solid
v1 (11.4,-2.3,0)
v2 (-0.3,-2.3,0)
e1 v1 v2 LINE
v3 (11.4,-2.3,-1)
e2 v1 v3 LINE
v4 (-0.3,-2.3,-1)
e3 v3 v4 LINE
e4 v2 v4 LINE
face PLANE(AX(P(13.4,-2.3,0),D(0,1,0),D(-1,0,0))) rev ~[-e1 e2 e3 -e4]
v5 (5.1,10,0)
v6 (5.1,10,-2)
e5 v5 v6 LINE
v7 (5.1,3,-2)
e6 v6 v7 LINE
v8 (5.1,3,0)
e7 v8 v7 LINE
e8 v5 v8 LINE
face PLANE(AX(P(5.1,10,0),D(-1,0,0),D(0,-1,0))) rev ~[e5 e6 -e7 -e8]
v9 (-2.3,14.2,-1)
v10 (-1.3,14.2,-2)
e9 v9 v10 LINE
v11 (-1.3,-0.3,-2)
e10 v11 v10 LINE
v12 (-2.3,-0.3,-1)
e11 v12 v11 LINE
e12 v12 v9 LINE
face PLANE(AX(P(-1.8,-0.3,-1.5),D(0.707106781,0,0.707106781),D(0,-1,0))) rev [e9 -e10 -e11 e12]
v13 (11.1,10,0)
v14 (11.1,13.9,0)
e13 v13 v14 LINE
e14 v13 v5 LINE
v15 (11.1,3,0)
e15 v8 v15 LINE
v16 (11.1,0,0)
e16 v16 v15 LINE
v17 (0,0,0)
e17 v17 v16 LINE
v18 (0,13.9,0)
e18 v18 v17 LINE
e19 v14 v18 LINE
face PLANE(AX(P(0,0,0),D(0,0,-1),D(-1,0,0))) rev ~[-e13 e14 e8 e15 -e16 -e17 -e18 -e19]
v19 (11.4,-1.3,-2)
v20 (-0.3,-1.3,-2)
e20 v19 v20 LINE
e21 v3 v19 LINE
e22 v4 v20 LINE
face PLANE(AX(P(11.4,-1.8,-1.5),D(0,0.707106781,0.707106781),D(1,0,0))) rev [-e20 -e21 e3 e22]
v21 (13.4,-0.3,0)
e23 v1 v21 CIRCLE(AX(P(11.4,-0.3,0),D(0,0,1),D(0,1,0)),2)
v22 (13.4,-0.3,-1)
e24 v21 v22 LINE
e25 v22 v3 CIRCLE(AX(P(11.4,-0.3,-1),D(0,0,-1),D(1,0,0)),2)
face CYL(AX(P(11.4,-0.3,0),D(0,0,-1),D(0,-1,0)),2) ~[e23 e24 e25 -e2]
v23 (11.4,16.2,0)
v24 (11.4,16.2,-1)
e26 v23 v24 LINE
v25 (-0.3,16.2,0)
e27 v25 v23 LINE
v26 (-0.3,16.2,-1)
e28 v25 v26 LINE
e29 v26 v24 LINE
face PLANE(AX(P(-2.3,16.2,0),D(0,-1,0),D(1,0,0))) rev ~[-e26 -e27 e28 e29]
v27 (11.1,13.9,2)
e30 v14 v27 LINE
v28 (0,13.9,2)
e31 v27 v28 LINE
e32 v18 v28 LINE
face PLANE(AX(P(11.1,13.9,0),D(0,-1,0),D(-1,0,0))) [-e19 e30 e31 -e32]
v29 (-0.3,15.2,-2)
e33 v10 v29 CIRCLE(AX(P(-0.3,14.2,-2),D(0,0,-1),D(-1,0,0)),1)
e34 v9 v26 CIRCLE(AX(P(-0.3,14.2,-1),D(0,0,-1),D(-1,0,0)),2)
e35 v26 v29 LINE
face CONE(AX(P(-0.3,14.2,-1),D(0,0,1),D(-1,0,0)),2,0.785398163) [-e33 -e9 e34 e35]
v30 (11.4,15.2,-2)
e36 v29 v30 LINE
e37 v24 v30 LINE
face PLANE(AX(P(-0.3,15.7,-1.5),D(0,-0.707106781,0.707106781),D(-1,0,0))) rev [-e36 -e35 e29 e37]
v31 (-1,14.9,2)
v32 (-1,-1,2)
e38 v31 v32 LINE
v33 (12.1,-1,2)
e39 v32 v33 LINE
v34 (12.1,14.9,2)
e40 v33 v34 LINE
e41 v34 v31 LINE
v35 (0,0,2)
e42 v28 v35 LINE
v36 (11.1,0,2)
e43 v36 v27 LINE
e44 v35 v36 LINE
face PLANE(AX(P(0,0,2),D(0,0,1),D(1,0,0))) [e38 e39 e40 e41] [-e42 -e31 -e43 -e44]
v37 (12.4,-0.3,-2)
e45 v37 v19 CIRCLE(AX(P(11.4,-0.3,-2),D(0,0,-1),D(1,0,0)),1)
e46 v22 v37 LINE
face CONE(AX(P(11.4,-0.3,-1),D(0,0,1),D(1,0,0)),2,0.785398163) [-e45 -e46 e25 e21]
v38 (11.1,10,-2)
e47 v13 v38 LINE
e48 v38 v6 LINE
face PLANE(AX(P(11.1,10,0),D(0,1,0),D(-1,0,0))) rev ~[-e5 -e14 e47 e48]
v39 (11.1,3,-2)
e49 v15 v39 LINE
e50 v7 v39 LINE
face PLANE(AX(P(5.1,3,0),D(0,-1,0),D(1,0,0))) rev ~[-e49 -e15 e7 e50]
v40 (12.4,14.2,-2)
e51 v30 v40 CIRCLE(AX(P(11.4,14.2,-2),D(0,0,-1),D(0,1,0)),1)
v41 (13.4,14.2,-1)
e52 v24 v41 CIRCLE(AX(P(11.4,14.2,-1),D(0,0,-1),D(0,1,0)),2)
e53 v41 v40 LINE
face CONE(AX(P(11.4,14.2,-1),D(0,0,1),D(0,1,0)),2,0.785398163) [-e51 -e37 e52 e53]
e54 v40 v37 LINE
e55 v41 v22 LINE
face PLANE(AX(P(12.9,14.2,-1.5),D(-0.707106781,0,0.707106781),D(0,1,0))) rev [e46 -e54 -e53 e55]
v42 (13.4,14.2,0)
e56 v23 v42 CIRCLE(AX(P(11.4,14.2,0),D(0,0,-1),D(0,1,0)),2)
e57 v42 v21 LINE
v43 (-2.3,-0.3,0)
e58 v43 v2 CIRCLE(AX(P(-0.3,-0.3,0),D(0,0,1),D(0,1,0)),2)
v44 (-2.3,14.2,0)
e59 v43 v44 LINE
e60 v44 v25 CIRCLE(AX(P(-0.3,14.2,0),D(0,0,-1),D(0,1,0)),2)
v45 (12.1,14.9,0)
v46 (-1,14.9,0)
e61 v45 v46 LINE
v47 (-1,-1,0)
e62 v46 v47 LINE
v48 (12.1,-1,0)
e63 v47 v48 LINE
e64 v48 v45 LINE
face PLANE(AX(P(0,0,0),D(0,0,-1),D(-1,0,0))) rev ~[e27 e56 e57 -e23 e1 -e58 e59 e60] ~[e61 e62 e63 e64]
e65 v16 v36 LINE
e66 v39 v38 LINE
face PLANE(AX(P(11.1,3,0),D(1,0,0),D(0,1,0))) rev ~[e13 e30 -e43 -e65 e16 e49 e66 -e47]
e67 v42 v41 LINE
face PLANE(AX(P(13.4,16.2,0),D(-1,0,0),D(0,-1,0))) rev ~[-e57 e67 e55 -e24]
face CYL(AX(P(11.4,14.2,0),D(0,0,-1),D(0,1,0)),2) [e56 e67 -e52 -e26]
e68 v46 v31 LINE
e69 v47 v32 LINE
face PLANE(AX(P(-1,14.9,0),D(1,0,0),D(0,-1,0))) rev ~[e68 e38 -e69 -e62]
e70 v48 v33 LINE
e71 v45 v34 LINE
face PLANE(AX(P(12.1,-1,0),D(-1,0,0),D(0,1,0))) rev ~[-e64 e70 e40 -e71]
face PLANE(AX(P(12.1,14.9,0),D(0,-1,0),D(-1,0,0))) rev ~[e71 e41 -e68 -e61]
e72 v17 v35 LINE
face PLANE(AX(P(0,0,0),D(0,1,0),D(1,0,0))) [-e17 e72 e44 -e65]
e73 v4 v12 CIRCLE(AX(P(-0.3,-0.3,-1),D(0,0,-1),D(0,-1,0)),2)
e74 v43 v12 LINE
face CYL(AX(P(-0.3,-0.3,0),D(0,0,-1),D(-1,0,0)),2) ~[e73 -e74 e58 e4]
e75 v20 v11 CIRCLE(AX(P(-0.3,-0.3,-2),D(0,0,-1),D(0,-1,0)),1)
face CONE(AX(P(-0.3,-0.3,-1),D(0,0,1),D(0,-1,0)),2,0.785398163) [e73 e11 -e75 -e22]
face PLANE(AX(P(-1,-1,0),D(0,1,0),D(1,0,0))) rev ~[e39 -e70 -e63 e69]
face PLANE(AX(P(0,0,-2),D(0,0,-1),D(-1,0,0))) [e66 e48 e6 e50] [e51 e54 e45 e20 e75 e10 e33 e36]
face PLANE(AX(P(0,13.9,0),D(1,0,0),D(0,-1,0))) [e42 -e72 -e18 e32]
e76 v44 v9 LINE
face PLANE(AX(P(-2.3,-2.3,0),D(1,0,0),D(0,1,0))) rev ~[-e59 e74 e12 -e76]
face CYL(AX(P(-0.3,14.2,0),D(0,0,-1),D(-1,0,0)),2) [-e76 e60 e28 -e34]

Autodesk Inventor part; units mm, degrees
ref_plane "YZ Plane" through (0, 0, 0) normal (1, 0, 0) x (0, 1, 0)
ref_plane "XZ Plane" through (0, 0, 0) normal (0, 1, 0) x (-1, 0, 0)
ref_plane "XY Plane" through (0, 0, 0) normal (0, 0, 1) x (1, 0, 0)
sketch "Sketch1" plane through (0, 0, 0) normal (0, 0, 1) x (1, 0, 0)
  point P0 (0, 0)
sketch "Sketch2" plane through (0, 0, 0) normal (0, 0, 1) x (1, 0, 0)
  point P0 (0, 0)
sketch "Sketch3" plane through (0, 0, 0) normal (0, 0, 1) x (1, 0, 0)
  line L0 (0, 0) -> (11.1, 0)
  line L1 (11.1, 0) -> (11.1, 13.9)
  line L2 (11.1, 13.9) -> (0, 13.9)
  line L3 (0, 13.9) -> (0, 0)
  line L4 (-1, -1) -> (12.1, -1)
  line L5 (12.1, -1) -> (12.1, 14.9)
  line L6 (12.1, 14.9) -> (-1, 14.9)
  line L7 (-1, 14.9) -> (-1, -1)
  dimension "d0" = 13.9
  dimension "d1" = 11.1
  dimension "d7" = 1
extrude "Extrusion1" add sketch "Sketch3" along normal blind 2
sketch "Sketch5" plane through (0, 0, 0) normal (0, 0, -1) x (-1, 0, 0)
  line L0 (-12.1, 14.9) -> (1, 14.9) projected
  line L1 (-12.1, -1) -> (-12.1, 14.9) projected
  line L2 (1, 14.9) -> (1, -1) projected
  line L3 (1, -1) -> (-12.1, -1) projected
  line L4 (2.3, 16.2) -> (-13.4, 16.2)
  line L5 (-13.4, 16.2) -> (-13.4, -2.3)
  line L6 (-13.4, -2.3) -> (2.3, -2.3)
  line L7 (2.3, -2.3) -> (2.3, 16.2)
  point P0 (0, 0)
  dimension "d8" = 1.3
extrude "Extrusion2" add sketch "Sketch5" along normal blind 2 contours L0 L2 L3 L1 | L7 L6 L5 L4
sketch "Sketch7" plane through (0, 0, 0) normal (0, 0, 1) x (1, 0, 0)
  line L0 (5.1, 3) -> (11.1, 3)
  line L1 (11.1, 3) -> (11.1, 10)
  line L2 (11.1, 10) -> (5.1, 10)
  line L3 (5.1, 10) -> (5.1, 3)
  line L4 (0, 0) -> (0, 13.9) projected
  line L5 (11.1, 0) -> (0, 0) projected
  line L6 (11.1, 13.9) -> (11.1, 0) projected
  dimension "d16" = 7
  dimension "d17" = 6
  dimension "d22" = 3
  dimension "d23" = 0
extrude "Extrusion4" cut sketch "Sketch7" against normal blind 2
fillet "Fillet1" radius 2 4 edges at (13.4, 16.2, -1) (-2.3, 16.2, -1) (13.4, -2.3, -1) (-2.3, -2.3, -1)
chamfer "Chamfer1" distance 1 angle 45 8 edges at (5.55, 16.2, -2) (12.8142, 15.6142, -2) (13.4, 6.95, -2) (12.8142, -1.7142, -2) (5.55, -2.3, -2) (-1.7142, -1.7142, -2) (-2.3, 6.95, -2) (-1.7142, 15.6142, -2)
properties part number "VL53L0X_cover_2"
